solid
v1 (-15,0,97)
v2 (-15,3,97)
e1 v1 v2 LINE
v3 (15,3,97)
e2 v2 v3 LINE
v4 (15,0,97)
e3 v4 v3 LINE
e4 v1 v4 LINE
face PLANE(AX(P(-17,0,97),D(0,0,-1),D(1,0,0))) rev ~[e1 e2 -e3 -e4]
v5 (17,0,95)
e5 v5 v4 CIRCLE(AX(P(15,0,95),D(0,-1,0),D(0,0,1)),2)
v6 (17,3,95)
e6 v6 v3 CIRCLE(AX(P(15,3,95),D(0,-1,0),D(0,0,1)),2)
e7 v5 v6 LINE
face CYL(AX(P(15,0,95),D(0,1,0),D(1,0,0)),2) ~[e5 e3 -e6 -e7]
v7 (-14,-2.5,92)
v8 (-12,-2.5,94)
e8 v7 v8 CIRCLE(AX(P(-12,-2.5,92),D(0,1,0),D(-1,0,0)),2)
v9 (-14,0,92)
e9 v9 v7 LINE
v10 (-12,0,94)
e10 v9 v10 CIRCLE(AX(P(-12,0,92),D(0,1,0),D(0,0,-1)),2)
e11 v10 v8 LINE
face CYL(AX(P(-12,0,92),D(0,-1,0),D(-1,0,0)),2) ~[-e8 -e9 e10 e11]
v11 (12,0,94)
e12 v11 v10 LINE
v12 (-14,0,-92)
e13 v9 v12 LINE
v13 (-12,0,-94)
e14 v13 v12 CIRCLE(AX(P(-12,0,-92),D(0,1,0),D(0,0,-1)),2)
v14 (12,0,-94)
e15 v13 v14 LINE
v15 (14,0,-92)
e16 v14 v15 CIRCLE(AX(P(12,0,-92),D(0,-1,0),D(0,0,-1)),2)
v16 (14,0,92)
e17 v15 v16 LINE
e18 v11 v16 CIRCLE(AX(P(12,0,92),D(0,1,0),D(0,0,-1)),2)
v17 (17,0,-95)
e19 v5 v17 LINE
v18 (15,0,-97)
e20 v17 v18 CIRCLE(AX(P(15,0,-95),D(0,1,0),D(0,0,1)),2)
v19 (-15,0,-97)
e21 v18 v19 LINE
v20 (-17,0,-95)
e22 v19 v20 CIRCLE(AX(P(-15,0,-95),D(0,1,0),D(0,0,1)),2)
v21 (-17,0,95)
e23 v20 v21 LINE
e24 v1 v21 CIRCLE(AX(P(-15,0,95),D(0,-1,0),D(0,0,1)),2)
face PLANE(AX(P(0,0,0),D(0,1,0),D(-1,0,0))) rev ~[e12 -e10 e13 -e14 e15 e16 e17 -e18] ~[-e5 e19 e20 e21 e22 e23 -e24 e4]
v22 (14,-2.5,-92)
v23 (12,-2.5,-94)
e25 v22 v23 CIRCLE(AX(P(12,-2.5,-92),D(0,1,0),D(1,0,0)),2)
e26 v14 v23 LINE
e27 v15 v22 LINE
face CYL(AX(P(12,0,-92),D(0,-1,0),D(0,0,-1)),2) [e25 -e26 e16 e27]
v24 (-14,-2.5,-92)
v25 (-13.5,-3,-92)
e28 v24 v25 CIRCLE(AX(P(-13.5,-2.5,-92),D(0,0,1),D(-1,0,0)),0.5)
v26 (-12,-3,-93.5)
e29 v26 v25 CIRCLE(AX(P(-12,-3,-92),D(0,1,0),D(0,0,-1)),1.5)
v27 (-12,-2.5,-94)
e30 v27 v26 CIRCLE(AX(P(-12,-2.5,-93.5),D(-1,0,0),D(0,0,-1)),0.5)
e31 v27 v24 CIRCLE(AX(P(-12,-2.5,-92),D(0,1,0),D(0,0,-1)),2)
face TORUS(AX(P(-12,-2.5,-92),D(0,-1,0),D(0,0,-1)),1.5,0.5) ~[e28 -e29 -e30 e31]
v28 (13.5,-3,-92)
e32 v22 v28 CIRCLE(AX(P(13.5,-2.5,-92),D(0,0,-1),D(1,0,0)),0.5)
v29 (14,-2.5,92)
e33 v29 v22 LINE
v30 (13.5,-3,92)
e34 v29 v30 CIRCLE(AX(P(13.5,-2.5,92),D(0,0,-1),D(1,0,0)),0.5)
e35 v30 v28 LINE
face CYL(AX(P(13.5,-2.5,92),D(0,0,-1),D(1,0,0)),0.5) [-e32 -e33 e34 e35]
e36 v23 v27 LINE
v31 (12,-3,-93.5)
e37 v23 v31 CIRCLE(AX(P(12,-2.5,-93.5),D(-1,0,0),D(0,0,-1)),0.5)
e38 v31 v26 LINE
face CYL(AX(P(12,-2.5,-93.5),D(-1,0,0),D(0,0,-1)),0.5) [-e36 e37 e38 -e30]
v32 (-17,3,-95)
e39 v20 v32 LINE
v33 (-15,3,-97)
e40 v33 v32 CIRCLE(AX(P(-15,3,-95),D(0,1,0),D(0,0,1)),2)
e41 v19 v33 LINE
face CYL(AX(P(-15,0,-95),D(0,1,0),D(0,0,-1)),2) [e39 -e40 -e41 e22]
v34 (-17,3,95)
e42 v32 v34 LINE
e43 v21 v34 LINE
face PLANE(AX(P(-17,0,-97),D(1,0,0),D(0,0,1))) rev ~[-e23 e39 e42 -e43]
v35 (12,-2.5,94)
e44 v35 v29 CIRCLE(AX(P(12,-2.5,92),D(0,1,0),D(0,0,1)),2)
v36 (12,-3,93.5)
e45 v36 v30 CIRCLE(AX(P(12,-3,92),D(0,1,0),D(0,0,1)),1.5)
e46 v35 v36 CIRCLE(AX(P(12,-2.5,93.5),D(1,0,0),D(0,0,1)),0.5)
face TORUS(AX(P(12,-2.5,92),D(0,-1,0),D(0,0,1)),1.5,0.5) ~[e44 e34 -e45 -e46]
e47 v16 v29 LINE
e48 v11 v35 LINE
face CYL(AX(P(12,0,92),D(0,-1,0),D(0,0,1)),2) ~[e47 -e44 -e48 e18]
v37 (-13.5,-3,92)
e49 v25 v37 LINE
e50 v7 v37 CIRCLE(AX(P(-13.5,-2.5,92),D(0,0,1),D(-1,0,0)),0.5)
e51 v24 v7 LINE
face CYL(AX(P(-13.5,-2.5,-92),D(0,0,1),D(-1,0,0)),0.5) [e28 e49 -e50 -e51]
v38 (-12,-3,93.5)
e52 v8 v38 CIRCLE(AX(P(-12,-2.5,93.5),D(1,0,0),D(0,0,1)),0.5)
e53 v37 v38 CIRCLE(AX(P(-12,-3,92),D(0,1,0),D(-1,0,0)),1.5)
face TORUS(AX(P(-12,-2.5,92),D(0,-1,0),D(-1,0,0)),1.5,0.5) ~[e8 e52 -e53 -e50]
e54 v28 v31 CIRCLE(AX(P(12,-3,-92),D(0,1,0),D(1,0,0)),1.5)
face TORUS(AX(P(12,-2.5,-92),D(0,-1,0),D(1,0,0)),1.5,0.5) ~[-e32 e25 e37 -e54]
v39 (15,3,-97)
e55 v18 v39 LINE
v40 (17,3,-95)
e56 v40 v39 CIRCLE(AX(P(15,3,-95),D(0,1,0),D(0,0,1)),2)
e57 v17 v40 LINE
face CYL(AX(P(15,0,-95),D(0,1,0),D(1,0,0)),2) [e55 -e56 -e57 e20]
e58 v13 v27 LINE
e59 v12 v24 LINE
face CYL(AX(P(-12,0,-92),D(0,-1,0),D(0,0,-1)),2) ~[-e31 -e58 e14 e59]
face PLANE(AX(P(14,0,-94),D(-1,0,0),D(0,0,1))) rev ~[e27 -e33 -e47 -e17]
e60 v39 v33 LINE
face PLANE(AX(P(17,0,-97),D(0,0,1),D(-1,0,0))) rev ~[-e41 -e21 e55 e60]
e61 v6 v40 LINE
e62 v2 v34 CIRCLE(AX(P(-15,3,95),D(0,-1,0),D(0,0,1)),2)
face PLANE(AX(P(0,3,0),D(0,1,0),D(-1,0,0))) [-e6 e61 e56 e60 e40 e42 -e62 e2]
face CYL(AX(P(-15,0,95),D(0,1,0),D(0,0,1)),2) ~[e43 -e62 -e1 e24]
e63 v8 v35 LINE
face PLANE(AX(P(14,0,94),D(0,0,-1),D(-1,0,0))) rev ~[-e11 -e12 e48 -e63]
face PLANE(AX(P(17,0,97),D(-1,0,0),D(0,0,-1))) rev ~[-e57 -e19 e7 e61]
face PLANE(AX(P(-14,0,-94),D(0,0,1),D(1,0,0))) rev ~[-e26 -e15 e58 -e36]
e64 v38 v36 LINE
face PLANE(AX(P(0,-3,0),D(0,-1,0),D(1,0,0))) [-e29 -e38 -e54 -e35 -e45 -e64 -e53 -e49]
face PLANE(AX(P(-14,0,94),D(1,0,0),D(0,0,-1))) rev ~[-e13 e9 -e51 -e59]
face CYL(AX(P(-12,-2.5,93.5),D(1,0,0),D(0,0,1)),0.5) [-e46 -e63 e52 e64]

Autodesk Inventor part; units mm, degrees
ref_plane "YZ Plane" through (0, 0, 0) normal (1, 0, 0) x (0, 1, 0)
ref_plane "XZ Plane" through (0, 0, 0) normal (0, 1, 0) x (-1, 0, 0)
ref_plane "XY Plane" through (0, 0, 0) normal (0, 0, 1) x (1, 0, 0)
sketch "Sketch1" plane through (0, 0, 0) normal (0, 1, 0) x (-1, 0, 0)
  line L0 (-17, -97) -> (17, -97)
  line L1 (17, -97) -> (17, 97)
  line L2 (17, 97) -> (-17, 97)
  line L3 (-17, 97) -> (-17, -97)
  line L4 (-17, -97) -> (17, 97) construction
  line L5 (17, -97) -> (-17, 97) construction
  point P0 (0, 0)
  dimension "d0" = 34
  dimension "d1" = 194
extrude "Extrusion1" add sketch "Sketch1" along normal blind 3
sketch "Sketch2" plane through (0, 0, 0) normal (0, -1, 0) x (1, 0, 0)
  line L0 (14, 94) -> (-14, 94)
  line L1 (-14, 94) -> (-14, -94)
  line L2 (-14, -94) -> (14, -94)
  line L3 (14, -94) -> (14, 94)
  line L4 (14, 94) -> (-14, -94) construction
  line L5 (-14, 94) -> (14, -94) construction
  line L6 (-17, -97) -> (-17, 97) projected
  line L7 (17, -97) -> (-17, -97) projected
  point P0 (0, 0)
  dimension "d4" = 3
  dimension "d5" = 3
extrude "Extrusion2" add sketch "Sketch2" along normal blind 3
fillet "Fillet1" radius 2 8 edges at (17, 1.5, 97) (14, -1.5, 94) (-14, -1.5, 94) (-17, 1.5, 97) (14, -1.5, -94) (17, 1.5, -97) (-17, 1.5, -97) (-14, -1.5, -94)
fillet "Fillet2" radius 0.5 8 edges at (-13.4142, -3, 93.4142) (-14, -3, 0) (-13.4142, -3, -93.4142) (0, -3, -94) (13.4142, -3, -93.4142) (14, -3, 0) (13.4142, -3, 93.4142) (0, -3, 94)
properties part number "module-lid_switch"
